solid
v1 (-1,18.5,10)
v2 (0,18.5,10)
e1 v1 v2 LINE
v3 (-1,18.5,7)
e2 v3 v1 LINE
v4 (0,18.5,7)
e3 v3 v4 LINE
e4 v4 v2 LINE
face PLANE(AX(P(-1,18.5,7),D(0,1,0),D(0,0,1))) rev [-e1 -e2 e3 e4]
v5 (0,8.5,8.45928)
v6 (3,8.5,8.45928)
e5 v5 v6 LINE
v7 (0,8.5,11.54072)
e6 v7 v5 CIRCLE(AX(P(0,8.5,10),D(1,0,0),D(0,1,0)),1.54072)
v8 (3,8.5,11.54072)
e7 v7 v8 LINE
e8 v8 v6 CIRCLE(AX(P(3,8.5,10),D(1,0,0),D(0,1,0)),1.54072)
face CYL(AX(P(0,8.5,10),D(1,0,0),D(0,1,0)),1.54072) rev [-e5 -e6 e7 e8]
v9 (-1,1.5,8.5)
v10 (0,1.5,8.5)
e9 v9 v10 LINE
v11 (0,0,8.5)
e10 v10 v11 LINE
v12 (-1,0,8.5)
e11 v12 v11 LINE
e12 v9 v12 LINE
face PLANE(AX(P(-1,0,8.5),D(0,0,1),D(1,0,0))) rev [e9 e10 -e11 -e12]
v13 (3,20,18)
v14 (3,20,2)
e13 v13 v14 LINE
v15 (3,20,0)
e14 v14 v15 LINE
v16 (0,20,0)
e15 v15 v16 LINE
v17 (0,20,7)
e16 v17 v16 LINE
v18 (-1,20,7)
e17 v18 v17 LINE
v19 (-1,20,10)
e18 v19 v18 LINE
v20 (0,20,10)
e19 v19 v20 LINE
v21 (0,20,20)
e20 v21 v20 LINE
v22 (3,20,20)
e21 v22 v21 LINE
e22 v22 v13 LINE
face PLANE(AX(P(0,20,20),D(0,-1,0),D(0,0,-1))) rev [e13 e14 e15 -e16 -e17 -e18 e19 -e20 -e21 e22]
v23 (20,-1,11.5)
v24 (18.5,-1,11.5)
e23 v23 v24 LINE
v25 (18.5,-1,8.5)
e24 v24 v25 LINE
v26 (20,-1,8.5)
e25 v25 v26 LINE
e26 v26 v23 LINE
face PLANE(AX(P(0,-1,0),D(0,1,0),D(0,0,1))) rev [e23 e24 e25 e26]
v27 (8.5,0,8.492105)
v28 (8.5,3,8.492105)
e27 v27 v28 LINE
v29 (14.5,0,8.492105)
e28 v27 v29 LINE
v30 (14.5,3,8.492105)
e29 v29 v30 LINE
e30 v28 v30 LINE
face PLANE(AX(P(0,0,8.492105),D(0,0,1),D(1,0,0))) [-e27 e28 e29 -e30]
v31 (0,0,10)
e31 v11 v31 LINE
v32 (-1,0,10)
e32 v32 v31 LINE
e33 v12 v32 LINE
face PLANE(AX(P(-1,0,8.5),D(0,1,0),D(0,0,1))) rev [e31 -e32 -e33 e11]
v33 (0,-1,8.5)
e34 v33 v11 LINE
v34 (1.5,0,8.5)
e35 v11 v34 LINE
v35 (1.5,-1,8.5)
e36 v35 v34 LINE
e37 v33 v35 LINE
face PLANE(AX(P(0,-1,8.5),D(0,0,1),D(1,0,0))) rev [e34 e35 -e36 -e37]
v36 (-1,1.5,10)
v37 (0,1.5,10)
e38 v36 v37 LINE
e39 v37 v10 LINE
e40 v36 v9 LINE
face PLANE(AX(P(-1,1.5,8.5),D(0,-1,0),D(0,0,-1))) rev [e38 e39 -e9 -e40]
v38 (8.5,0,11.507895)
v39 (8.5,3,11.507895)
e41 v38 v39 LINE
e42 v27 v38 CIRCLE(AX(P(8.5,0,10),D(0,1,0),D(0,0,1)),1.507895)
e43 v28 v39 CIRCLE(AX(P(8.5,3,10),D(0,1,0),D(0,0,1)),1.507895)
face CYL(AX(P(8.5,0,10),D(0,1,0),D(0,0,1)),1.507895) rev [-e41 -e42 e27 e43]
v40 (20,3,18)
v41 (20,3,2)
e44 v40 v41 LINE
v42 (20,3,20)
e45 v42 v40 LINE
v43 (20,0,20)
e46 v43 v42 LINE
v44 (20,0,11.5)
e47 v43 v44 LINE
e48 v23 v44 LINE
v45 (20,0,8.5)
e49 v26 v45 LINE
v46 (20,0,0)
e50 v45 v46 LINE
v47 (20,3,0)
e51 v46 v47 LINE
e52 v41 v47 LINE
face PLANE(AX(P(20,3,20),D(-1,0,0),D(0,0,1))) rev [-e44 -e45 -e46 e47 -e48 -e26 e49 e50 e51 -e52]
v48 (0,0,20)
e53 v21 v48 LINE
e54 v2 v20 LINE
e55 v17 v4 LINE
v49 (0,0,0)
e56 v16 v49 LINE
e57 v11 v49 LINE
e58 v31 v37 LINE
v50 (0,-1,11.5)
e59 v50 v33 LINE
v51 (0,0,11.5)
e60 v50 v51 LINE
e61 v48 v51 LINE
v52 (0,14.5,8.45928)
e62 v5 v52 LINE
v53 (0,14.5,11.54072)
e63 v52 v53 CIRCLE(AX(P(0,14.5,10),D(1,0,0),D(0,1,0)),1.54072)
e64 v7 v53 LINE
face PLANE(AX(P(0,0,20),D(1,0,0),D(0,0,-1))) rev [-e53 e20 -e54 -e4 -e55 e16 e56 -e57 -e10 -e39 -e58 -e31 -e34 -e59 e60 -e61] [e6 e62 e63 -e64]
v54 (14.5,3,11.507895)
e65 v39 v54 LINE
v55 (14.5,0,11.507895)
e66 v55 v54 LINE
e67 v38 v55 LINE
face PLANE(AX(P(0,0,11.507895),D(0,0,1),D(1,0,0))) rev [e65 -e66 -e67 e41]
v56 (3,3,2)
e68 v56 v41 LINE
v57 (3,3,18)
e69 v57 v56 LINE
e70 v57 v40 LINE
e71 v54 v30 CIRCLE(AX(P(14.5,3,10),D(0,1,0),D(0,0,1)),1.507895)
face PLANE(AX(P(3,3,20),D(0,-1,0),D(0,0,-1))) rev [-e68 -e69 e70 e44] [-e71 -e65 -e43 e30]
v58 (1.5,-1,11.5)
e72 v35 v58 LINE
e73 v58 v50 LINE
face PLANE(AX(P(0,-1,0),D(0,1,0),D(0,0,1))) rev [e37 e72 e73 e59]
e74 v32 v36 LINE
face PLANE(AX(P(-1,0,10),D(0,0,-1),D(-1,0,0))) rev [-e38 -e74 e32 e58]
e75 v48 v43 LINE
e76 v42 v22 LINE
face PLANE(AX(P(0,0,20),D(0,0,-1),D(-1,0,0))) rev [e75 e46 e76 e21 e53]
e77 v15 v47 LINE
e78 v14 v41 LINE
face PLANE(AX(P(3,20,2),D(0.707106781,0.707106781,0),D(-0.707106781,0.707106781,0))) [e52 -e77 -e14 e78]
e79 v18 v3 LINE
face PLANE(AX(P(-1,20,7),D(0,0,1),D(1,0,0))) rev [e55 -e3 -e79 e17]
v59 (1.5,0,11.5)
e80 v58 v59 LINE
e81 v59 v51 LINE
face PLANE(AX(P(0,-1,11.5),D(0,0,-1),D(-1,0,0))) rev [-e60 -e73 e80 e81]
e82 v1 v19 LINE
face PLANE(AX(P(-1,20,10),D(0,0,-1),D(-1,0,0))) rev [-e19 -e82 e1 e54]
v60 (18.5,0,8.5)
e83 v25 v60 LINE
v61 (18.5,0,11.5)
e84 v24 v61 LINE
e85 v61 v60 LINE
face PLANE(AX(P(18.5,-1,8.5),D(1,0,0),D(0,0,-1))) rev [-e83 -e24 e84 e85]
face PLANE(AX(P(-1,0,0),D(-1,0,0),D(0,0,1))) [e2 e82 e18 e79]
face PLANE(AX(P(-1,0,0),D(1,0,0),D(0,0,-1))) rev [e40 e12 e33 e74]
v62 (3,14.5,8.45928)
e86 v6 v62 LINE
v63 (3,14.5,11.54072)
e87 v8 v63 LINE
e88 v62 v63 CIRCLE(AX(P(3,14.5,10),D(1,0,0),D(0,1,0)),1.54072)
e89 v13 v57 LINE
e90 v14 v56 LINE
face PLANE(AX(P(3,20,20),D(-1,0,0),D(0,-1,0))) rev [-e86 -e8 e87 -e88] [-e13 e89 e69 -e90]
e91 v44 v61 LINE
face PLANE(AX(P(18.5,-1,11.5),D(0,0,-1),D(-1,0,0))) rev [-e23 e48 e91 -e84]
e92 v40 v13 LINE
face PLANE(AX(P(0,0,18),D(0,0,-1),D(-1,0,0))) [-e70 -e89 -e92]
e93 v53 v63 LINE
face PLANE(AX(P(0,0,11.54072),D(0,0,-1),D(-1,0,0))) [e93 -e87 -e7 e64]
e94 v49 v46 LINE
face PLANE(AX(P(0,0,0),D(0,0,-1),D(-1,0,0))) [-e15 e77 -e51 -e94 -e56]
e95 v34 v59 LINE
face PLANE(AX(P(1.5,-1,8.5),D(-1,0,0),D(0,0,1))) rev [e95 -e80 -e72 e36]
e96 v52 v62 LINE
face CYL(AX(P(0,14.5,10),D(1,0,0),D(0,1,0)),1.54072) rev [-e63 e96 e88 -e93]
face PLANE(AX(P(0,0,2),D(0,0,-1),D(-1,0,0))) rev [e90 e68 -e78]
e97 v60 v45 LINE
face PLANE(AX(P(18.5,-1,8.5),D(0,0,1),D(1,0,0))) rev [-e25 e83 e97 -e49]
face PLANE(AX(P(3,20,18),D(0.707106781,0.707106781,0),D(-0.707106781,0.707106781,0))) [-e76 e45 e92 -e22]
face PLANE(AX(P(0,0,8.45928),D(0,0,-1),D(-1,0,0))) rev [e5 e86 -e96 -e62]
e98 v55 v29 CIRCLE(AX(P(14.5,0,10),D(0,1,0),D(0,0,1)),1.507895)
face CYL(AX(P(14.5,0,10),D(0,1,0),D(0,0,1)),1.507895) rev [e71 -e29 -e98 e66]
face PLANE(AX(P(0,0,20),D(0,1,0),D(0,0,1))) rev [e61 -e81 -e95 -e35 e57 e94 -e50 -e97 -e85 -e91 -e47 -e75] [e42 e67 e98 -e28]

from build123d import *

# Parameters (mm, degrees)
SALIENTE_EXTRUIR1_DEPTH = 20
SALIENTE_EXTRUIR2_DEPTH = 2
SALIENTE_EXTRUIR3_DEPTH = 2
CORTAR_EXTRUIR1_DEPTH   = 4
CORTAR_EXTRUIR2_DEPTH   = 4
CROQUIS6_W              = 1.5
CROQUIS6_H              = 3
SALIENTE_EXTRUIR4_DEPTH = 1
CROQUIS7_W              = 3
CROQUIS7_H              = 1.5
CROQUIS7_W_2            = 1.5
SALIENTE_EXTRUIR6_DEPTH = 1


with BuildPart() as part:
    # Croquis1 → Saliente-Extruir1 (new body)
    with BuildSketch(Plane.XY):
        Polygon((0, 20), (3, 20), (3, 3), (20, 3), (20, 0), (0, 0), align=None)
    extrude(amount=SALIENTE_EXTRUIR1_DEPTH)

    # Croquis2 → Saliente-Extruir2 (add)
    with BuildSketch(Plane.XY.offset(20)):
        Polygon((3, 20), (20, 3), (20, 0), (0, 0), (0, 20), align=None)
    extrude(amount=-SALIENTE_EXTRUIR2_DEPTH)

    # Croquis3 → Saliente-Extruir3 (add)
    with BuildSketch(Plane(origin=(0, 0, 0), x_dir=(-1, 0, 0), z_dir=(0, 0, -1))):
        Polygon((0, 20), (-3, 20), (-20, 3), (-20, 0), (0, 0), align=None)
    extrude(amount=-SALIENTE_EXTRUIR3_DEPTH)

    # Croquis4 → Cortar-Extruir1 (cut, through all)
    with BuildSketch(Plane(origin=(3, 0, 0), x_dir=(0, 0, -1), z_dir=(1, 0, 0))):
        with BuildLine():
            Line((-11.54072, 8.5), (-11.54072, 14.5))
            ThreePointArc((-11.54072, 14.5), (-10, 16.04072), (-8.45928, 14.5))
            Line((-8.45928, 14.5), (-8.45928, 8.5))
            ThreePointArc((-8.45928, 8.5), (-10, 6.95928), (-11.54072, 8.5))
        make_face()
    extrude(amount=-CORTAR_EXTRUIR1_DEPTH, mode=Mode.SUBTRACT)

    # Croquis5 → Cortar-Extruir2 (cut, through all)
    with BuildSketch(Plane(origin=(0, 3, 0), x_dir=(1, 0, 0), z_dir=(0, 1, 0))):
        with BuildLine():
            Line((8.5, -8.492105493), (14.5, -8.492105493))
            ThreePointArc((14.5, -8.492105493), (16.007894507, -10), (14.5, -11.507894507))
            Line((14.5, -11.507894507), (8.5, -11.507894507))
            ThreePointArc((8.5, -11.507894507), (6.992105493, -10), (8.5, -8.492105493))
        make_face()
    extrude(amount=-CORTAR_EXTRUIR2_DEPTH, mode=Mode.SUBTRACT)

    # Croquis6 → Saliente-Extruir4 (add)
    with BuildSketch(Plane.XZ):
        with Locations((0.75, 10)):
            Rectangle(CROQUIS6_W, CROQUIS6_H)
        with Locations((19.25, 10)):
            Rectangle(CROQUIS6_W, CROQUIS6_H)
    extrude(amount=SALIENTE_EXTRUIR4_DEPTH)

    # Croquis7 → Saliente-Extruir6 (add)
    with BuildSketch(Plane.ZY):
        with Locations((8.5, 19.25)):
            Rectangle(CROQUIS7_W, CROQUIS7_H)
        with Locations((9.25, 0.75)):
            Rectangle(CROQUIS7_W_2, CROQUIS7_H)
    extrude(amount=SALIENTE_EXTRUIR6_DEPTH)


solid = part.part
